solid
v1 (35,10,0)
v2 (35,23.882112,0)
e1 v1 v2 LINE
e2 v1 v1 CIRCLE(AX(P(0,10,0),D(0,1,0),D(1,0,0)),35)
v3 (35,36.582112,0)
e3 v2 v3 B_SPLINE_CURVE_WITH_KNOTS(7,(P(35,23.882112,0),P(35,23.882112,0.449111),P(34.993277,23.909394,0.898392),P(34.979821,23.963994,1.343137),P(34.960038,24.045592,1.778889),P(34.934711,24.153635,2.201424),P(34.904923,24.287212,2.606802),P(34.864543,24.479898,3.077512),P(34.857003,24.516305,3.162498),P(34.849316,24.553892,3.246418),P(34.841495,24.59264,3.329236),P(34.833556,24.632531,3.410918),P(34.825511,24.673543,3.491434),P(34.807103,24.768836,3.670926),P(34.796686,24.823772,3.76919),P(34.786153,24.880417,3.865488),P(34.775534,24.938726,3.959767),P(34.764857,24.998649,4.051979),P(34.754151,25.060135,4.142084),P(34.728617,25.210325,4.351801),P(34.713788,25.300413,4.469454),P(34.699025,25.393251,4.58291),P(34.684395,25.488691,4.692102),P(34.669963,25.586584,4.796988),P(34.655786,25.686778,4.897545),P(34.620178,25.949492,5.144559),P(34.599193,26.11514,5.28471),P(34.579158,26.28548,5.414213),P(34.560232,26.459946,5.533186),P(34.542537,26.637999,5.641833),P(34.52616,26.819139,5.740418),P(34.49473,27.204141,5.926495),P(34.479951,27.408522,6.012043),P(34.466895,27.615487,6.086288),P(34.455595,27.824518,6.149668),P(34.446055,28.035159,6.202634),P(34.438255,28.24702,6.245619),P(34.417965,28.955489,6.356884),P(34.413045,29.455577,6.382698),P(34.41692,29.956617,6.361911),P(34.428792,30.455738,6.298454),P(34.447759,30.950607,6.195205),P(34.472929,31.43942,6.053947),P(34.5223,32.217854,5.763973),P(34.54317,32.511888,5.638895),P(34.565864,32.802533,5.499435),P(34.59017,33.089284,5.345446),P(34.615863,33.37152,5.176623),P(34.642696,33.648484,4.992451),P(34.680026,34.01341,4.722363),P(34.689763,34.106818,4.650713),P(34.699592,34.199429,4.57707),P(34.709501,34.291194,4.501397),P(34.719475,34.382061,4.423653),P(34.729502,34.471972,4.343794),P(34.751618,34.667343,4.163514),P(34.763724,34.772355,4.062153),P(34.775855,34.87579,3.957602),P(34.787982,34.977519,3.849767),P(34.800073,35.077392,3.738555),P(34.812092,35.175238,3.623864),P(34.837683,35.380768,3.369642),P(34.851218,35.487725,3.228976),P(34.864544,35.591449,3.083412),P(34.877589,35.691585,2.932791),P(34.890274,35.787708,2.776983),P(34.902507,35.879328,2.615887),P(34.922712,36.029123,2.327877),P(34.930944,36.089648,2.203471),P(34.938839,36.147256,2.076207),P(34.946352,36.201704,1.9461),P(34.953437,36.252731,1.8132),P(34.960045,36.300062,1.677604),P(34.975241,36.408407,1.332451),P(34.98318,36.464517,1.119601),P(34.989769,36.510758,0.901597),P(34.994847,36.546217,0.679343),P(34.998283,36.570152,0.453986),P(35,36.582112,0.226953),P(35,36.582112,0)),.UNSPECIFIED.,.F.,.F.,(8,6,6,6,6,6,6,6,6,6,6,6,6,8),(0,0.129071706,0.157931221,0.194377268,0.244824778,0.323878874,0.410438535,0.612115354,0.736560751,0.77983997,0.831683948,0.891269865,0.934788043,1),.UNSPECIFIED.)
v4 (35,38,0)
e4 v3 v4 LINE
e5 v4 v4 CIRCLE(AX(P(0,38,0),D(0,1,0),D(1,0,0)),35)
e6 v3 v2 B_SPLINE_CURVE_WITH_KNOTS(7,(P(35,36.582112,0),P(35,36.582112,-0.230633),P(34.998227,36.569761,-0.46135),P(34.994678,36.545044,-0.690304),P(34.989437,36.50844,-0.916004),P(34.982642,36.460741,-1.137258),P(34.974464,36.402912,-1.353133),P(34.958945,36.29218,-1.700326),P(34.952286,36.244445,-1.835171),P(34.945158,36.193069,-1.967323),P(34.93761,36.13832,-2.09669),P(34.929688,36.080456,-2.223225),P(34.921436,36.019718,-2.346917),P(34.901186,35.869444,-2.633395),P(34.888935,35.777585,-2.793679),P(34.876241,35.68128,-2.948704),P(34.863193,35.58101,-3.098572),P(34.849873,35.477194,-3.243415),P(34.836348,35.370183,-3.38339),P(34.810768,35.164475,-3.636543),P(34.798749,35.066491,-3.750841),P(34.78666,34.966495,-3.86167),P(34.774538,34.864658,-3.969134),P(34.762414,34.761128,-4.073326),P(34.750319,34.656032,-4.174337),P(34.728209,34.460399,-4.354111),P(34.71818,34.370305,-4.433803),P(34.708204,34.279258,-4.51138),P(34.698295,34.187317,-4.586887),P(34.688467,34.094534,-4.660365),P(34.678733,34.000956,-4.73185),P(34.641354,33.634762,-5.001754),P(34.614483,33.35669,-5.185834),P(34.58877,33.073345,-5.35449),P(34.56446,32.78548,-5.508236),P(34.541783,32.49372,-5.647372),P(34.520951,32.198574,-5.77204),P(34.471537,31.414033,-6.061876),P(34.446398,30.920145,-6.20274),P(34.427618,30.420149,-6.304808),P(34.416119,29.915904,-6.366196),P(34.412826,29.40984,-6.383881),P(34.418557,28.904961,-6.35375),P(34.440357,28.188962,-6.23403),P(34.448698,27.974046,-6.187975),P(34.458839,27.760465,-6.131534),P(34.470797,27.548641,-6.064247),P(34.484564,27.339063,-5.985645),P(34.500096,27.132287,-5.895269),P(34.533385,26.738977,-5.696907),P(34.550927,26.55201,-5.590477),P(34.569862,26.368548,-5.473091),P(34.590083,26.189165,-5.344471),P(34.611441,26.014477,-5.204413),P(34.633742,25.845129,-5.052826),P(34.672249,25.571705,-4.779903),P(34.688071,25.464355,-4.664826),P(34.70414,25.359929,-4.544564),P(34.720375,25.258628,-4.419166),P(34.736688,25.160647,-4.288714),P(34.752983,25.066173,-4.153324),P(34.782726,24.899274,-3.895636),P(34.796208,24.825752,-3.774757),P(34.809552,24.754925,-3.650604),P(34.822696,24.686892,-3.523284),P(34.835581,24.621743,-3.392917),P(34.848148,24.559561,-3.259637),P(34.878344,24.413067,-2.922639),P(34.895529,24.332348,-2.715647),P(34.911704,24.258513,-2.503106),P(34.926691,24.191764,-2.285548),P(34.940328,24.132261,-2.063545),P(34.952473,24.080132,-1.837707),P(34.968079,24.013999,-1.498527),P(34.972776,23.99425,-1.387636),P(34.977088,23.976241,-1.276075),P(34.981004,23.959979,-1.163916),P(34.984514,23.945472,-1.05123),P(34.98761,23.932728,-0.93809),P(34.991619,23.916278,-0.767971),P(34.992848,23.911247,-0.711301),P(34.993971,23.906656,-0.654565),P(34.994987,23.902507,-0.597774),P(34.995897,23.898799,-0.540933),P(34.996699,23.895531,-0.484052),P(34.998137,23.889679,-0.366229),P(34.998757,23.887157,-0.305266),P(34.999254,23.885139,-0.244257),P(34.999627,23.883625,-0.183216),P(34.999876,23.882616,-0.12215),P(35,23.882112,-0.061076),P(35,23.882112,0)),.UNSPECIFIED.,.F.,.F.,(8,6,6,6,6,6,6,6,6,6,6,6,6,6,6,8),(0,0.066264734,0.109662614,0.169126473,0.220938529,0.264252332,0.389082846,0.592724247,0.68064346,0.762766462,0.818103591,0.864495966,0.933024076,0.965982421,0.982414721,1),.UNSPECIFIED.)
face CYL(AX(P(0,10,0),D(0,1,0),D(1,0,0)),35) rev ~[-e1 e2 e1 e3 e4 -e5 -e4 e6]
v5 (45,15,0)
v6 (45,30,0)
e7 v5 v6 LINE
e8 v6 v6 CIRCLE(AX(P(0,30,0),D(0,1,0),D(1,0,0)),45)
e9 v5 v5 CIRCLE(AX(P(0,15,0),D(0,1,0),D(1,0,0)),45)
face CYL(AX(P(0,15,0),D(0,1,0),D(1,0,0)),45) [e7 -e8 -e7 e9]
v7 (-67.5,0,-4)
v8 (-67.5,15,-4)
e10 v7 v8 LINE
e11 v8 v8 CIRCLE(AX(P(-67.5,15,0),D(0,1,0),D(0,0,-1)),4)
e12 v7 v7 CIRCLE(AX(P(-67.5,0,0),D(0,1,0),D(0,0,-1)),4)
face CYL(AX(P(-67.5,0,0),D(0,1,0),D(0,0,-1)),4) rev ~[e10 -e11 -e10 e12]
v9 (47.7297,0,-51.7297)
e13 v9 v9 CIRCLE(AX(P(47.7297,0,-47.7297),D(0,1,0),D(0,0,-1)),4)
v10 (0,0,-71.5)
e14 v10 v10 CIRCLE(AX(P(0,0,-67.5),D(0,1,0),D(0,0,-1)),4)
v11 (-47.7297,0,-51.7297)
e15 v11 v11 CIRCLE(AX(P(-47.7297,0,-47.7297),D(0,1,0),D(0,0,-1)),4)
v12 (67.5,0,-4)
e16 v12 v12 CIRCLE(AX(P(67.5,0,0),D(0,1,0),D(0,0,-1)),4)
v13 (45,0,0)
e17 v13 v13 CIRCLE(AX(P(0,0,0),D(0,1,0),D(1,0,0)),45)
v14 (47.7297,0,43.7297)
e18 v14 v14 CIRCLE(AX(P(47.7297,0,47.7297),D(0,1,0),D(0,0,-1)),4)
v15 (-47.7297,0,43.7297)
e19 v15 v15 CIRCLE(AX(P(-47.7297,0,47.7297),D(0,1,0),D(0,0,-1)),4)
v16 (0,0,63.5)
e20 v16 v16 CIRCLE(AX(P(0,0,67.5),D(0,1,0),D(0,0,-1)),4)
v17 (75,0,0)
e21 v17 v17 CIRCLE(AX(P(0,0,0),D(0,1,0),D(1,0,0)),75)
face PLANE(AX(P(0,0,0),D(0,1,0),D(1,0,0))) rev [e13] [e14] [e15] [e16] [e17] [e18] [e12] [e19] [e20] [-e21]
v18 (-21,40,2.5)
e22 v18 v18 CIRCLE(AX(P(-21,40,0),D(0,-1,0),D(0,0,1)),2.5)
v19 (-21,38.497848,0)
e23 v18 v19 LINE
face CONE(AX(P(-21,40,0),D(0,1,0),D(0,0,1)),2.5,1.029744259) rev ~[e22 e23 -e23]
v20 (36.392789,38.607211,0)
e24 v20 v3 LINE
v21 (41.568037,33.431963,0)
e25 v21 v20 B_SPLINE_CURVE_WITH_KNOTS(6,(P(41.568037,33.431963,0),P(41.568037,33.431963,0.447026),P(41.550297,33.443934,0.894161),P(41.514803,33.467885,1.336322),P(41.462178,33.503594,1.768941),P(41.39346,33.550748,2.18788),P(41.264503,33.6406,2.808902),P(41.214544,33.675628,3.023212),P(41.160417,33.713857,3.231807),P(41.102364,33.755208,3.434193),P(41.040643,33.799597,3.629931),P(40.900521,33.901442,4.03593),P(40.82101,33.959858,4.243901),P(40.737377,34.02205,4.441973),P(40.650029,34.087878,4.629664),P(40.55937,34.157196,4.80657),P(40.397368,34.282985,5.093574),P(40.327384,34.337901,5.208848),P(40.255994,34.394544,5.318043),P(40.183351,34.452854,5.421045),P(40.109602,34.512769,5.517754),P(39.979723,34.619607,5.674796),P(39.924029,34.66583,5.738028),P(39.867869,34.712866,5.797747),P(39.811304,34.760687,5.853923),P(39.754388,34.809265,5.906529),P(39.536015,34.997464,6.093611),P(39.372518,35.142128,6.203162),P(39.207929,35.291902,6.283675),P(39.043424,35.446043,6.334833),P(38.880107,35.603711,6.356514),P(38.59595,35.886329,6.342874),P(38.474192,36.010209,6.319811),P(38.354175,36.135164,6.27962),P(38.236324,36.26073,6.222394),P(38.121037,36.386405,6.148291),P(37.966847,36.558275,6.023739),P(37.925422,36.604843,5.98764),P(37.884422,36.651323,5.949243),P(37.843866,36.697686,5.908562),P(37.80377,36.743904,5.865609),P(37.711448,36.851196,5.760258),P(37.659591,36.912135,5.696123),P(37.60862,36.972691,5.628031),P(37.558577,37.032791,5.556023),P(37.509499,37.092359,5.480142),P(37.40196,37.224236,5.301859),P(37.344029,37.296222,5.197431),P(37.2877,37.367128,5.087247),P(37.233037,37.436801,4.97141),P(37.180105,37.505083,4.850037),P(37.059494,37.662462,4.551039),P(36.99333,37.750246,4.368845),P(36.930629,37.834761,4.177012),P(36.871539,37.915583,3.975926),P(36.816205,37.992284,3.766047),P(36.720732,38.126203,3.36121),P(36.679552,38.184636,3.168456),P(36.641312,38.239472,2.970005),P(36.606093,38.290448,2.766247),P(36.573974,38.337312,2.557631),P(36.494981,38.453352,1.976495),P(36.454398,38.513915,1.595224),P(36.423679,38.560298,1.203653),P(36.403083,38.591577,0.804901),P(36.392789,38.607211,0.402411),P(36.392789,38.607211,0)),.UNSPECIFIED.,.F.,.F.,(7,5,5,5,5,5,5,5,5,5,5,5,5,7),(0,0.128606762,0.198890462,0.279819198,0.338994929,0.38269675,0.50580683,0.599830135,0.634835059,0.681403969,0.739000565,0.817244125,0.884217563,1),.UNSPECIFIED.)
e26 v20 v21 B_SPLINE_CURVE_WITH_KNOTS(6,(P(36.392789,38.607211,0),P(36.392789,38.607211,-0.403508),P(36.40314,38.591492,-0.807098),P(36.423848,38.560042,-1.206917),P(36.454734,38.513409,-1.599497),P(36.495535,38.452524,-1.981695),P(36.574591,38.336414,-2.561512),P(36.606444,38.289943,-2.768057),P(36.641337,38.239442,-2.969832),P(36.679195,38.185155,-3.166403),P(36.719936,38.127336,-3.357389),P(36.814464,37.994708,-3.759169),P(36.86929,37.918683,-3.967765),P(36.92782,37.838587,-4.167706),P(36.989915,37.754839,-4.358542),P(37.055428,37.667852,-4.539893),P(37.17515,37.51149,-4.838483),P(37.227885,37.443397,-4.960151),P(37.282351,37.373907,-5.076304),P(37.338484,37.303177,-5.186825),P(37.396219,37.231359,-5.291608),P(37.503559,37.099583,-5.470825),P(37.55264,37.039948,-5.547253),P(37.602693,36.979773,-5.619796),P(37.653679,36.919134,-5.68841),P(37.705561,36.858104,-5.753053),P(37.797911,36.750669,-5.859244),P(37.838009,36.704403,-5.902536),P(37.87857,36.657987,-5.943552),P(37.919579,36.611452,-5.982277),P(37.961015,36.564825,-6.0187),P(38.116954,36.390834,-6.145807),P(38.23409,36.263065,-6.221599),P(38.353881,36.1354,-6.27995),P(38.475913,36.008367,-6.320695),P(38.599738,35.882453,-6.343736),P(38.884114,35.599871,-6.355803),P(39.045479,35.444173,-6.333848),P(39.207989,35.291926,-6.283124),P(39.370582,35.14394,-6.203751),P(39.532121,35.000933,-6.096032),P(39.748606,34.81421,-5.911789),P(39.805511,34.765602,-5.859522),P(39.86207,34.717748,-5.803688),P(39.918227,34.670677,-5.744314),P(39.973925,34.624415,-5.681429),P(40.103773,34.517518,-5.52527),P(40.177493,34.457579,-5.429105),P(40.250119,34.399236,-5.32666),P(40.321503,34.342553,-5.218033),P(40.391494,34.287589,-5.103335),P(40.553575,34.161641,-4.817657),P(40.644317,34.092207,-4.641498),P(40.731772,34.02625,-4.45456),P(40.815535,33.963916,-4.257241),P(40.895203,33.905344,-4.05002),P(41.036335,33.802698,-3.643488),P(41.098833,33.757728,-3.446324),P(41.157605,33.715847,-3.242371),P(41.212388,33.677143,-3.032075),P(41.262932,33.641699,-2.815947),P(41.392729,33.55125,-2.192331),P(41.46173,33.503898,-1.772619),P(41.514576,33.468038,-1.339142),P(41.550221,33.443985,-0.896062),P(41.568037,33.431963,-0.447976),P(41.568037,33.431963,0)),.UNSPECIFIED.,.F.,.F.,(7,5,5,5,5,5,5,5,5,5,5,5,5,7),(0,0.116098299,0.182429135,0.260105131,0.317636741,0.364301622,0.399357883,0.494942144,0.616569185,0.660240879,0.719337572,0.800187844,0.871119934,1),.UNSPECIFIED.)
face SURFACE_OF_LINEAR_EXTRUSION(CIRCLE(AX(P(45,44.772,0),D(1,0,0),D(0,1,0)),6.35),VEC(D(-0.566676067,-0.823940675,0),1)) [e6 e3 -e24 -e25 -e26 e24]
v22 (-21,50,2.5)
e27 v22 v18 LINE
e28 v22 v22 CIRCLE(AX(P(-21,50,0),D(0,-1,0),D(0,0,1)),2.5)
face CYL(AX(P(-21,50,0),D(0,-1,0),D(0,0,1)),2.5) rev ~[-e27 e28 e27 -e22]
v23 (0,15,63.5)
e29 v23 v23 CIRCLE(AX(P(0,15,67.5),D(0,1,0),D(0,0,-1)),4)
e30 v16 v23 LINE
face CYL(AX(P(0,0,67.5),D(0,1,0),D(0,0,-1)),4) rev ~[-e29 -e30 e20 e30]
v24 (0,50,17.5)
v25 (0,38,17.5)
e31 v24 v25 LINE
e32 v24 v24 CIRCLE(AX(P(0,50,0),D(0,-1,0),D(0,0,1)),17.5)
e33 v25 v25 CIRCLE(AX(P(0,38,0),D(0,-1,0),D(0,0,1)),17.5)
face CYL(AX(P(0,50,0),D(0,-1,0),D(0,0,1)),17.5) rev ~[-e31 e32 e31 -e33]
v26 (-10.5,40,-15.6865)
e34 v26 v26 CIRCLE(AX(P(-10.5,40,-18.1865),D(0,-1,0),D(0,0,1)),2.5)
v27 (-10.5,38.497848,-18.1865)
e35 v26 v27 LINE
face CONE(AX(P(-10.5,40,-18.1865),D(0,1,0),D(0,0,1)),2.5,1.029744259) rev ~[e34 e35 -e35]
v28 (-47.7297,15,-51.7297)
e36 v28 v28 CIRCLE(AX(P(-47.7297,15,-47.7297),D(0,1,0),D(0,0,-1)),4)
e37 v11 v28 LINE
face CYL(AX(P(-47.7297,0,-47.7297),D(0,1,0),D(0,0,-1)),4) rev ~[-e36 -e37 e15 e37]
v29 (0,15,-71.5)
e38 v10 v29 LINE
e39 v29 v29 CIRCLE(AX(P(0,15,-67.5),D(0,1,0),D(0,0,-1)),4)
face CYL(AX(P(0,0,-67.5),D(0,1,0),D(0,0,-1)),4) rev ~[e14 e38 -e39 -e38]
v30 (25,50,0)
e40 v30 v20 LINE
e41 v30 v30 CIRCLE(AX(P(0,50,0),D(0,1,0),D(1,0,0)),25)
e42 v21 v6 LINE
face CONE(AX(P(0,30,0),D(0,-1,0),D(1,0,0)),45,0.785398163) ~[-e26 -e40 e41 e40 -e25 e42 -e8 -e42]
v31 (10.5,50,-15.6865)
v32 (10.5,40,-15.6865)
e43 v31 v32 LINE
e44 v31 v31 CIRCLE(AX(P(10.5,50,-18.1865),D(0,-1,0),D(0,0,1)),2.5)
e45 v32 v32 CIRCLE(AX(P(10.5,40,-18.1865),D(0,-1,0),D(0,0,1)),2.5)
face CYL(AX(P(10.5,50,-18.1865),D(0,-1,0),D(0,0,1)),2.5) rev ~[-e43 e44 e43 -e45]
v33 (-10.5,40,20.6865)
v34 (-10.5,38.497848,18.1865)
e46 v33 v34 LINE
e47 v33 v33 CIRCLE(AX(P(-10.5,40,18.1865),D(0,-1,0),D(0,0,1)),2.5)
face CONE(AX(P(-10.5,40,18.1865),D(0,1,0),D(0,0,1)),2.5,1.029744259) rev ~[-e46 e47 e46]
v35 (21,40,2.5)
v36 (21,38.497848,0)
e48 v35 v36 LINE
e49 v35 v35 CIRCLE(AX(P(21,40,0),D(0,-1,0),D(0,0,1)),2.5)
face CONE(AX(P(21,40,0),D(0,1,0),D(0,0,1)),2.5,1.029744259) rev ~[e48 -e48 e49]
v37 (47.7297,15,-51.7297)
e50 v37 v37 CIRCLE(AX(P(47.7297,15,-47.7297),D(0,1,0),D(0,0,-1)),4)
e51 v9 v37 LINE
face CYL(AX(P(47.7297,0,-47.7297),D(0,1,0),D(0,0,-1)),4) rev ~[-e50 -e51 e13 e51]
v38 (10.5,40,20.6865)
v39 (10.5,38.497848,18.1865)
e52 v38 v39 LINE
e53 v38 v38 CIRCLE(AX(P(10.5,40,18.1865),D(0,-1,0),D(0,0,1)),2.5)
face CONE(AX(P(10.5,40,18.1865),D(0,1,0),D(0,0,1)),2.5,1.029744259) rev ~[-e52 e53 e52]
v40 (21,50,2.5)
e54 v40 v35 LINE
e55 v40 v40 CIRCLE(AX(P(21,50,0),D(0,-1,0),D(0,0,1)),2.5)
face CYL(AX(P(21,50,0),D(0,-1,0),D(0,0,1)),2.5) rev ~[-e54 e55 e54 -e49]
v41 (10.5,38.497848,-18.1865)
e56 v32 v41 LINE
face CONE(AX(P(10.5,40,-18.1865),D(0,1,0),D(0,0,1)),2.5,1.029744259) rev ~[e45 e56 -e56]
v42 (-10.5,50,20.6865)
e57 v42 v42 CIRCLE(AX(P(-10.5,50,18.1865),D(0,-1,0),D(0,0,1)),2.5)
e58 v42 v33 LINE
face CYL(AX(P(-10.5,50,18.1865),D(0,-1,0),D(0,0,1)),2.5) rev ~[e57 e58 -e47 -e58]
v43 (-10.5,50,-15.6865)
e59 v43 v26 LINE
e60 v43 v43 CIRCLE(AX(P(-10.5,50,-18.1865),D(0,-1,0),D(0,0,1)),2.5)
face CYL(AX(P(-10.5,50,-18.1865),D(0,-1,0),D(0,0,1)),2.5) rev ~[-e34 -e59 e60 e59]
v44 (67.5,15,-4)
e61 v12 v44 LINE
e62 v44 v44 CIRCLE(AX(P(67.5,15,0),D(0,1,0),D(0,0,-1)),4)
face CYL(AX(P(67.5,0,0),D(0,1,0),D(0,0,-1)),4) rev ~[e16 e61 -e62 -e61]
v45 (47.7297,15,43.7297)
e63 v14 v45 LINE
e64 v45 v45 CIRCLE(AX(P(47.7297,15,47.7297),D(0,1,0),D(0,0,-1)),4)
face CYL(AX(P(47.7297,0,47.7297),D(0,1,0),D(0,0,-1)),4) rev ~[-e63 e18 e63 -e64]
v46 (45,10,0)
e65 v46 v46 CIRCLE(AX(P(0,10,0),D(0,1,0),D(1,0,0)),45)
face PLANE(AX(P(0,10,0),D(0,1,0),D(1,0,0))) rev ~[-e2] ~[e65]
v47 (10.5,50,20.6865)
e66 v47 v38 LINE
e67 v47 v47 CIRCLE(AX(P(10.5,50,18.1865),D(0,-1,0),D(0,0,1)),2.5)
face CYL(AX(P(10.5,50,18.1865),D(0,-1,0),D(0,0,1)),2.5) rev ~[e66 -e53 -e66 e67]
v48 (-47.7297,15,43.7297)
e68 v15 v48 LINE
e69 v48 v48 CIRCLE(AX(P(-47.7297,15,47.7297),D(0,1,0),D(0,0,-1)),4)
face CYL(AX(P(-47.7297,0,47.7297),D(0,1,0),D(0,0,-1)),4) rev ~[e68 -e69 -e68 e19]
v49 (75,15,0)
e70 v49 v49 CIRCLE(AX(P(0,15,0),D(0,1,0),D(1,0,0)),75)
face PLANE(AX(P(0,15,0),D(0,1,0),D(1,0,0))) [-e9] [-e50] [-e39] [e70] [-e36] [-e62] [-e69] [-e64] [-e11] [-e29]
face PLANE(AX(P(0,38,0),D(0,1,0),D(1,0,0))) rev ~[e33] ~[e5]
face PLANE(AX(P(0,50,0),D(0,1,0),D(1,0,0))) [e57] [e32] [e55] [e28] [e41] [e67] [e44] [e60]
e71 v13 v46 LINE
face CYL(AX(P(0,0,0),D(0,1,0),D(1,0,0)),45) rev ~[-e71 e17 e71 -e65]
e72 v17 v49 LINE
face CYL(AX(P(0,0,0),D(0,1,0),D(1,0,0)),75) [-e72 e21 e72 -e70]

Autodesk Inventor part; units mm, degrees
ref_plane "XZ Plane" through (0, 0, 0) normal (0, 1, 0) x (-1, 0, 0)
ref_plane "XY Plane" through (0, 0, 0) normal (0, 0, 1) x (1, 0, 0)
sketch "Sketch1" plane through (0, 0, 0) normal (0, 0, 1) x (1, 0, 0)
  line L0 (0, 0) -> (0, 50)
  line L1 (45, 0) -> (75, 0)
  line L2 (75, 0) -> (75, 15)
  line L3 (75, 15) -> (45, 15)
  line L4 (45, 15) -> (45, 50)
  line L5 (45, 50) -> (0, 50)
  line L6 (0, 50) -> (0, 38)
  line L7 (45, 0) -> (45, 10)
  line L8 (45, 10) -> (35, 10)
  line L9 (35, 10) -> (35, 38)
  line L10 (35, 38) -> (0, 38)
  line L11 (0, 0) -> (35, 0)
  line L12 (45, 0) -> (45, 0)
  dimension "d1" = 50
  dimension "d2" = 15
  dimension "d4" = 12
  dimension "d5" = 10
  dimension "d6" = 150
  dimension "d7" = 90
  dimension "d8" = 70
  dimension "d9" = 10
revolve "Revolution1" add sketch "Sketch1" angle 360 about axis through (0, 0, 0) along (0, 1, 0)
chamfer "Chamfer1" distance 20 angle 45 1 edges at (-45, 50, 0)
ref_plane "Work Plane1" through (45, 0, 0) normal (1, 0, 0) x (0, 1, 0)
sketch "Sketch4" plane through (45, 0, 0) normal (1, 0, 0) x (0, 1, 0)
  circle A0 centre (44.772, 0) radius 6.35
  point P0 (0, 0)
  dimension "d22" = 12.7
sketch "Sketch5" plane through (0, 0, 0) normal (0, 0, 1) x (1, 0, 0)
  line L0 (44.9751, 46.9317) -> (33.3301, 30)
  line L1 (45, 30) -> (-45, 30) projected
  point P0 (0, 0)
sweep "Sweep3" cut profiles "Sketch4" path "Sketch5" path curves L0
sketch "Sketch6" plane through (0, 50, 0) normal (0, 1, 0) x (1, 0, 0)
  circle A0 centre (0, 0) radius 17.5
  dimension "d25" = 35
hole "Hole1" at (0, 50, 0) direction (0, -1, 0) diameter 35 depth 15 tip angle 118
sketch "Sketch7" plane through (0, 50, 0) normal (0, 1, 0) x (1, 0, 0)
  circle A0 centre (-21, 0) radius 2.75
  circle A1 centre (-10.5, -18.1865) radius 2.75
  circle A2 centre (10.5, -18.1865) radius 2.75
  circle A3 centre (21, 0) radius 2.75
  circle A4 centre (10.5, 18.1865) radius 2.75
  circle A5 centre (-10.5, 18.1865) radius 2.75
  point P0 (0, 0)
  dimension "d34" = 5.5
  dimension "d37" = 360
  dimension "d58" = 21
hole "Hole2" at (-10.5, 50, -18.1865) at (10.5, 50, -18.1865) at (21, 50, 0) at (10.5, 50, 18.1865) at (-10.5, 50, 18.1865) at (-21, 50, 0) direction (0, -1, 0) diameter 5 depth 10 tip angle 118
thread "Thread1"
thread "Thread2"
thread "Thread3"
thread "Thread4"
thread "Thread5"
thread "Thread6"
sketch "Sketch8" plane through (0, 15, 0) normal (0, 1, 0) x (1, 0, 0)
  point P0 (0, 0)
sketch "Sketch9" plane through (0, 0, 0) normal (0, -1, 0) x (1, 0, 0)
  point P0 (0, 0)
sketch "Sketch10" plane through (0, 0, 0) normal (0, -1, 0) x (1, 0, 0)
  point P0 (0, 0)
sketch "Sketch11" plane through (0, 0, 0) normal (0, -1, 0) x (1, 0, 0)
  circle A0 centre (0, 0) radius 17.5 projected
  circle A1 centre (0, 0) radius 67.5 construction
  circle A2 centre (67.5, 0) radius 4
  circle A3 centre (47.7297, -47.7297) radius 4
  circle A4 centre (0, -67.5) radius 4
  circle A5 centre (-47.7297, -47.7297) radius 4
  circle A6 centre (-67.5, 0) radius 4
  circle A7 centre (-47.7297, 47.7297) radius 4
  circle A8 centre (0, 67.5) radius 4
  circle A9 centre (47.7297, 47.7297) radius 4
  dimension "d59" = 135
  dimension "d60" = 8
  dimension "d94" = 360
hole "Hole3" at (67.5, 0, 0) direction (0, 1, 0) diameter 8 end through all
hole "Hole4" at (47.7297, 0, 47.7297) at (0, 0, 67.5) at (-47.7297, 0, 47.7297) at (-67.5, 0, 0) at (-47.7297, 0, -47.7297) at (0, 0, -67.5) at (47.7297, 0, -47.7297) direction (0, 1, 0) diameter 8 end through all
properties part number "final injector body" material "Stainless Steel"
